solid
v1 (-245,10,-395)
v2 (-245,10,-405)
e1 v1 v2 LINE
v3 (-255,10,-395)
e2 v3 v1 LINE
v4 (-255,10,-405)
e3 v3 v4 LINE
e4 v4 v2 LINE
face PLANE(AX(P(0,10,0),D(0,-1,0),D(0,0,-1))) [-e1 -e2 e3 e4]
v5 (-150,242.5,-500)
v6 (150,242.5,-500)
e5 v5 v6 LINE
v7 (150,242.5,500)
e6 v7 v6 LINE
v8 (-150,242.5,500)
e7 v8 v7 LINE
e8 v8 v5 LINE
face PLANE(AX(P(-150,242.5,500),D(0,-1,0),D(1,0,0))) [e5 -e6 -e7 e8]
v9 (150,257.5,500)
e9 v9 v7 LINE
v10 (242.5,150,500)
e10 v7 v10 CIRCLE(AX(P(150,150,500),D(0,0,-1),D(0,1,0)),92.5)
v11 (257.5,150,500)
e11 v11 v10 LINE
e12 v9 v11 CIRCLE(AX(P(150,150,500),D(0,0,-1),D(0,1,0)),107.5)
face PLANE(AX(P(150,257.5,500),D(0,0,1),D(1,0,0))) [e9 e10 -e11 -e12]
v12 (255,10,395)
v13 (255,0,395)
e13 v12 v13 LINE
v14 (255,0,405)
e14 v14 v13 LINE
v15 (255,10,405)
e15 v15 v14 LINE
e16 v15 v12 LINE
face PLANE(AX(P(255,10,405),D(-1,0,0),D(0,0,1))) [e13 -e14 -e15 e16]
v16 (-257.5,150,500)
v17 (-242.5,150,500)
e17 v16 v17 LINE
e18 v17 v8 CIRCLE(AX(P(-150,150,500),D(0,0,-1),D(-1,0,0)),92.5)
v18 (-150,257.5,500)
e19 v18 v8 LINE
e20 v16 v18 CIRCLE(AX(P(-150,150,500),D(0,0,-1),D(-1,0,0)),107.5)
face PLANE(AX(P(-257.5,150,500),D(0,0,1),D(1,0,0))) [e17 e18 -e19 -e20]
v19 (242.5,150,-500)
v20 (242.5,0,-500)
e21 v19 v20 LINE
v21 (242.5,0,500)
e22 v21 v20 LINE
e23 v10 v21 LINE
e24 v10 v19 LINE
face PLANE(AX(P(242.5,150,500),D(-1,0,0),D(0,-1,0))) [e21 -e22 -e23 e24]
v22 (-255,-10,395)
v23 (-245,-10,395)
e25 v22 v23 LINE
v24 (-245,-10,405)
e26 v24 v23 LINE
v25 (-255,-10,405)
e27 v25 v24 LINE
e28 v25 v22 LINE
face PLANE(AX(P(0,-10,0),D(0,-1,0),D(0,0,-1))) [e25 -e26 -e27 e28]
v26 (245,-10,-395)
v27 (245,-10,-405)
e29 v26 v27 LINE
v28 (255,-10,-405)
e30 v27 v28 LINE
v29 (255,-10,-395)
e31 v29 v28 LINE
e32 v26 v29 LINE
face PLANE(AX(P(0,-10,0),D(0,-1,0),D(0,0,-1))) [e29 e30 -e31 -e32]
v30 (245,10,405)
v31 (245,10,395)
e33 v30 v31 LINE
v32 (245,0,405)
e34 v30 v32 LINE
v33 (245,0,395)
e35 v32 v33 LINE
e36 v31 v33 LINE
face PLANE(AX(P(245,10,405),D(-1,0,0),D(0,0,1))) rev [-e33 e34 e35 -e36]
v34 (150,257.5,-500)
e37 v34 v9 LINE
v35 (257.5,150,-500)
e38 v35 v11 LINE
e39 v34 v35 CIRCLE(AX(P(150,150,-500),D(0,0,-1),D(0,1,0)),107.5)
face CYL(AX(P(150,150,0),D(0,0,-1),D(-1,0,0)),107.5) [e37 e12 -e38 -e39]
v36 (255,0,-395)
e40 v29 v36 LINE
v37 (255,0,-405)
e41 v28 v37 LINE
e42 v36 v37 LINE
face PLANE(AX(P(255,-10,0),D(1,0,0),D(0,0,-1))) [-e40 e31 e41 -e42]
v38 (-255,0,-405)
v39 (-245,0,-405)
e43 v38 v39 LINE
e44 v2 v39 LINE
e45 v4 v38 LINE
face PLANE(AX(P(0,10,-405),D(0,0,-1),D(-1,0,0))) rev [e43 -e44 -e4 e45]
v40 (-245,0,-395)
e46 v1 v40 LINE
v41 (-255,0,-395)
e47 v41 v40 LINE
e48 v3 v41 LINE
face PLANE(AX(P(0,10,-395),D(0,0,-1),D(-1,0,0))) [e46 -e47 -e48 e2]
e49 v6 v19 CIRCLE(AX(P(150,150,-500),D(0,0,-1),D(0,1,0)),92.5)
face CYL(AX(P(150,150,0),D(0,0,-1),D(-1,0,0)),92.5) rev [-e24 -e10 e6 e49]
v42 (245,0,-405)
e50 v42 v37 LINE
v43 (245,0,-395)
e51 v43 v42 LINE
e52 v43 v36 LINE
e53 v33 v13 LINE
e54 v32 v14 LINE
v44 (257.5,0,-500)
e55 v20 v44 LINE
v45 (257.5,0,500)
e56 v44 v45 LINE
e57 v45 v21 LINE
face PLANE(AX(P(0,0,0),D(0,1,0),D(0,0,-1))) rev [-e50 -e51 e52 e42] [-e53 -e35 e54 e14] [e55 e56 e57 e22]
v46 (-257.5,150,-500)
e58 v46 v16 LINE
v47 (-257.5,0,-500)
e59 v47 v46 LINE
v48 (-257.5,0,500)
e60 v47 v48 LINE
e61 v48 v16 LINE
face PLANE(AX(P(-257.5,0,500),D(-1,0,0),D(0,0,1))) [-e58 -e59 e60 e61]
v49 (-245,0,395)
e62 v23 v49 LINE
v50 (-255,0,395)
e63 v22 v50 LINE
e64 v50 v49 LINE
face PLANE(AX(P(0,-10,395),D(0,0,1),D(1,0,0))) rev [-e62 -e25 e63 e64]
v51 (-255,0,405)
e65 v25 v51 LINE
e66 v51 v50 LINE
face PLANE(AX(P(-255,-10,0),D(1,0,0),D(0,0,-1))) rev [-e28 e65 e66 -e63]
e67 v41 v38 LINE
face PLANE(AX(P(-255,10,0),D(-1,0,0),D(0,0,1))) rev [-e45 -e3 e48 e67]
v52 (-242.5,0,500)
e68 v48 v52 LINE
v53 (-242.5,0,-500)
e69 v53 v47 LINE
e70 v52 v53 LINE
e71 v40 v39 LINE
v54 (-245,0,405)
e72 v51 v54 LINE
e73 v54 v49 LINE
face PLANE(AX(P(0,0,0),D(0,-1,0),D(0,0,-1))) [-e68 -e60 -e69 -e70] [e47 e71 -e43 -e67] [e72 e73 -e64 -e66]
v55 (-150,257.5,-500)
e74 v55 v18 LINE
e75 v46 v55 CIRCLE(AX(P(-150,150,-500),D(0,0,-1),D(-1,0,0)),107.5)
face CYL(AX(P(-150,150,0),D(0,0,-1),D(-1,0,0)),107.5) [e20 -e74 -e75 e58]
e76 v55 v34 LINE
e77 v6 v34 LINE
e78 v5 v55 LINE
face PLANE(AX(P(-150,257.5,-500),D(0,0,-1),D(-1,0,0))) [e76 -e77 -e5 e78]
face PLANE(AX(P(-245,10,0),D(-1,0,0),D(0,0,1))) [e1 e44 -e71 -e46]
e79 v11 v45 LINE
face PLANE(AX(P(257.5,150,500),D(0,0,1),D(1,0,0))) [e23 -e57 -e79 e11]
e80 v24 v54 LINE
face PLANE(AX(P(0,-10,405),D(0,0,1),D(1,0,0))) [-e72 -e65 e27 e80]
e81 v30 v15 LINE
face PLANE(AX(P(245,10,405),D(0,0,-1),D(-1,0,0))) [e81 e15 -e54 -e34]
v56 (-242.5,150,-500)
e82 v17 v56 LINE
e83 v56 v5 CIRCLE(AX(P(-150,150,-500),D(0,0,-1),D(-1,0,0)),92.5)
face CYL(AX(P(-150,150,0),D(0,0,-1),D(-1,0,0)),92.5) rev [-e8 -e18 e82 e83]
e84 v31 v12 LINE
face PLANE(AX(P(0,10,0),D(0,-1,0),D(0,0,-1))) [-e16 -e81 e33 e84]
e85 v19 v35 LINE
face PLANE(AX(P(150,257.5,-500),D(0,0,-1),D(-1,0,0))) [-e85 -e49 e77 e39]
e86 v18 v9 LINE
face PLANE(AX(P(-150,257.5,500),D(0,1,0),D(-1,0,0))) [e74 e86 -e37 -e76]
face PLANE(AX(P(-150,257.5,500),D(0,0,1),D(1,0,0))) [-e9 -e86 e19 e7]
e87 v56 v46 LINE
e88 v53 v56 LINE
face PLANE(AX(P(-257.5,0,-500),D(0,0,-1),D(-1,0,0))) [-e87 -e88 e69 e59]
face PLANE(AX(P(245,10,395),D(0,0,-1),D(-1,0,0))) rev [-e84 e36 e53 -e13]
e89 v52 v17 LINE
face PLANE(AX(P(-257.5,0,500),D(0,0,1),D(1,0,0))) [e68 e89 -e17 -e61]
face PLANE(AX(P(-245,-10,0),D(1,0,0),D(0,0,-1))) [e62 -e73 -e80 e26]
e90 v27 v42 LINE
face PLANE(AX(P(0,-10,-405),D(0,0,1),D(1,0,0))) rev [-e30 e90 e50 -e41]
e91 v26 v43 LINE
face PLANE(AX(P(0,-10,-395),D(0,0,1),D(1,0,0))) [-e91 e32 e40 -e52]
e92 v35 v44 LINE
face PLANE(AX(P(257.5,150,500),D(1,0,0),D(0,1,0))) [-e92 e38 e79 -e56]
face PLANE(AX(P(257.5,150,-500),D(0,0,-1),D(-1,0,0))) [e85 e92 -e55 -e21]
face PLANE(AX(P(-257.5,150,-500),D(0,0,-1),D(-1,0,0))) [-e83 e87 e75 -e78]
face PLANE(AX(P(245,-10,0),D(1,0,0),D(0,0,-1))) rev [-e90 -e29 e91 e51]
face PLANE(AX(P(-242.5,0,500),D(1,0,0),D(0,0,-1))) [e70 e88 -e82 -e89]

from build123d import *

# Parameters (mm, degrees)
SKETCH2_W           = 15
SKETCH2_H           = 1000
SKETCH3_W           = 10
SKETCH3_H           = 10
BOSS_EXTRUDE1_DEPTH = 10
SKETCH3_3_W         = 10
SKETCH3_3_H         = 10
CUT_EXTRUDE1_DEPTH  = 10


with BuildPart() as part:
    # Sweep1: sweep along a path in Sketch1
    with BuildLine(Plane.XY) as sweep1_path:
        Line((-250, 0), (-250, 150))
        ThreePointArc((-250, 150), (-220.710678119, 220.710678119), (-150, 250))
        Line((-150, 250), (150, 250))
        ThreePointArc((150, 250), (220.710678119, 220.710678119), (250, 150))
        Line((250, 150), (250, 0))
    # Sketch2 → Sweep1 (sweep)
    with BuildSketch(Plane(origin=(0, 0, 0), x_dir=(1, 0, 0), z_dir=(0, 1, 0))):
        with Locations((-250, 0)):
            Rectangle(SKETCH2_W, SKETCH2_H)
    sweep(path=sweep1_path.line)

    # Sketch3 → Boss-Extrude1 (add)
    with BuildSketch(Plane.XZ):
        with Locations((-250, 400)):
            Rectangle(SKETCH3_W, SKETCH3_H)
        with Locations((250, -400)):
            Rectangle(SKETCH3_W, SKETCH3_H)
    extrude(amount=BOSS_EXTRUDE1_DEPTH)

    # Sketch3<3> → Cut-Extrude1 (cut)
    with BuildSketch(Plane.XZ):
        with Locations((-250, -400)):
            Rectangle(SKETCH3_3_W, SKETCH3_3_H)
        with Locations((250, 400)):
            Rectangle(SKETCH3_3_W, SKETCH3_3_H)
    extrude(amount=-CUT_EXTRUDE1_DEPTH, mode=Mode.SUBTRACT)


solid = part.part
